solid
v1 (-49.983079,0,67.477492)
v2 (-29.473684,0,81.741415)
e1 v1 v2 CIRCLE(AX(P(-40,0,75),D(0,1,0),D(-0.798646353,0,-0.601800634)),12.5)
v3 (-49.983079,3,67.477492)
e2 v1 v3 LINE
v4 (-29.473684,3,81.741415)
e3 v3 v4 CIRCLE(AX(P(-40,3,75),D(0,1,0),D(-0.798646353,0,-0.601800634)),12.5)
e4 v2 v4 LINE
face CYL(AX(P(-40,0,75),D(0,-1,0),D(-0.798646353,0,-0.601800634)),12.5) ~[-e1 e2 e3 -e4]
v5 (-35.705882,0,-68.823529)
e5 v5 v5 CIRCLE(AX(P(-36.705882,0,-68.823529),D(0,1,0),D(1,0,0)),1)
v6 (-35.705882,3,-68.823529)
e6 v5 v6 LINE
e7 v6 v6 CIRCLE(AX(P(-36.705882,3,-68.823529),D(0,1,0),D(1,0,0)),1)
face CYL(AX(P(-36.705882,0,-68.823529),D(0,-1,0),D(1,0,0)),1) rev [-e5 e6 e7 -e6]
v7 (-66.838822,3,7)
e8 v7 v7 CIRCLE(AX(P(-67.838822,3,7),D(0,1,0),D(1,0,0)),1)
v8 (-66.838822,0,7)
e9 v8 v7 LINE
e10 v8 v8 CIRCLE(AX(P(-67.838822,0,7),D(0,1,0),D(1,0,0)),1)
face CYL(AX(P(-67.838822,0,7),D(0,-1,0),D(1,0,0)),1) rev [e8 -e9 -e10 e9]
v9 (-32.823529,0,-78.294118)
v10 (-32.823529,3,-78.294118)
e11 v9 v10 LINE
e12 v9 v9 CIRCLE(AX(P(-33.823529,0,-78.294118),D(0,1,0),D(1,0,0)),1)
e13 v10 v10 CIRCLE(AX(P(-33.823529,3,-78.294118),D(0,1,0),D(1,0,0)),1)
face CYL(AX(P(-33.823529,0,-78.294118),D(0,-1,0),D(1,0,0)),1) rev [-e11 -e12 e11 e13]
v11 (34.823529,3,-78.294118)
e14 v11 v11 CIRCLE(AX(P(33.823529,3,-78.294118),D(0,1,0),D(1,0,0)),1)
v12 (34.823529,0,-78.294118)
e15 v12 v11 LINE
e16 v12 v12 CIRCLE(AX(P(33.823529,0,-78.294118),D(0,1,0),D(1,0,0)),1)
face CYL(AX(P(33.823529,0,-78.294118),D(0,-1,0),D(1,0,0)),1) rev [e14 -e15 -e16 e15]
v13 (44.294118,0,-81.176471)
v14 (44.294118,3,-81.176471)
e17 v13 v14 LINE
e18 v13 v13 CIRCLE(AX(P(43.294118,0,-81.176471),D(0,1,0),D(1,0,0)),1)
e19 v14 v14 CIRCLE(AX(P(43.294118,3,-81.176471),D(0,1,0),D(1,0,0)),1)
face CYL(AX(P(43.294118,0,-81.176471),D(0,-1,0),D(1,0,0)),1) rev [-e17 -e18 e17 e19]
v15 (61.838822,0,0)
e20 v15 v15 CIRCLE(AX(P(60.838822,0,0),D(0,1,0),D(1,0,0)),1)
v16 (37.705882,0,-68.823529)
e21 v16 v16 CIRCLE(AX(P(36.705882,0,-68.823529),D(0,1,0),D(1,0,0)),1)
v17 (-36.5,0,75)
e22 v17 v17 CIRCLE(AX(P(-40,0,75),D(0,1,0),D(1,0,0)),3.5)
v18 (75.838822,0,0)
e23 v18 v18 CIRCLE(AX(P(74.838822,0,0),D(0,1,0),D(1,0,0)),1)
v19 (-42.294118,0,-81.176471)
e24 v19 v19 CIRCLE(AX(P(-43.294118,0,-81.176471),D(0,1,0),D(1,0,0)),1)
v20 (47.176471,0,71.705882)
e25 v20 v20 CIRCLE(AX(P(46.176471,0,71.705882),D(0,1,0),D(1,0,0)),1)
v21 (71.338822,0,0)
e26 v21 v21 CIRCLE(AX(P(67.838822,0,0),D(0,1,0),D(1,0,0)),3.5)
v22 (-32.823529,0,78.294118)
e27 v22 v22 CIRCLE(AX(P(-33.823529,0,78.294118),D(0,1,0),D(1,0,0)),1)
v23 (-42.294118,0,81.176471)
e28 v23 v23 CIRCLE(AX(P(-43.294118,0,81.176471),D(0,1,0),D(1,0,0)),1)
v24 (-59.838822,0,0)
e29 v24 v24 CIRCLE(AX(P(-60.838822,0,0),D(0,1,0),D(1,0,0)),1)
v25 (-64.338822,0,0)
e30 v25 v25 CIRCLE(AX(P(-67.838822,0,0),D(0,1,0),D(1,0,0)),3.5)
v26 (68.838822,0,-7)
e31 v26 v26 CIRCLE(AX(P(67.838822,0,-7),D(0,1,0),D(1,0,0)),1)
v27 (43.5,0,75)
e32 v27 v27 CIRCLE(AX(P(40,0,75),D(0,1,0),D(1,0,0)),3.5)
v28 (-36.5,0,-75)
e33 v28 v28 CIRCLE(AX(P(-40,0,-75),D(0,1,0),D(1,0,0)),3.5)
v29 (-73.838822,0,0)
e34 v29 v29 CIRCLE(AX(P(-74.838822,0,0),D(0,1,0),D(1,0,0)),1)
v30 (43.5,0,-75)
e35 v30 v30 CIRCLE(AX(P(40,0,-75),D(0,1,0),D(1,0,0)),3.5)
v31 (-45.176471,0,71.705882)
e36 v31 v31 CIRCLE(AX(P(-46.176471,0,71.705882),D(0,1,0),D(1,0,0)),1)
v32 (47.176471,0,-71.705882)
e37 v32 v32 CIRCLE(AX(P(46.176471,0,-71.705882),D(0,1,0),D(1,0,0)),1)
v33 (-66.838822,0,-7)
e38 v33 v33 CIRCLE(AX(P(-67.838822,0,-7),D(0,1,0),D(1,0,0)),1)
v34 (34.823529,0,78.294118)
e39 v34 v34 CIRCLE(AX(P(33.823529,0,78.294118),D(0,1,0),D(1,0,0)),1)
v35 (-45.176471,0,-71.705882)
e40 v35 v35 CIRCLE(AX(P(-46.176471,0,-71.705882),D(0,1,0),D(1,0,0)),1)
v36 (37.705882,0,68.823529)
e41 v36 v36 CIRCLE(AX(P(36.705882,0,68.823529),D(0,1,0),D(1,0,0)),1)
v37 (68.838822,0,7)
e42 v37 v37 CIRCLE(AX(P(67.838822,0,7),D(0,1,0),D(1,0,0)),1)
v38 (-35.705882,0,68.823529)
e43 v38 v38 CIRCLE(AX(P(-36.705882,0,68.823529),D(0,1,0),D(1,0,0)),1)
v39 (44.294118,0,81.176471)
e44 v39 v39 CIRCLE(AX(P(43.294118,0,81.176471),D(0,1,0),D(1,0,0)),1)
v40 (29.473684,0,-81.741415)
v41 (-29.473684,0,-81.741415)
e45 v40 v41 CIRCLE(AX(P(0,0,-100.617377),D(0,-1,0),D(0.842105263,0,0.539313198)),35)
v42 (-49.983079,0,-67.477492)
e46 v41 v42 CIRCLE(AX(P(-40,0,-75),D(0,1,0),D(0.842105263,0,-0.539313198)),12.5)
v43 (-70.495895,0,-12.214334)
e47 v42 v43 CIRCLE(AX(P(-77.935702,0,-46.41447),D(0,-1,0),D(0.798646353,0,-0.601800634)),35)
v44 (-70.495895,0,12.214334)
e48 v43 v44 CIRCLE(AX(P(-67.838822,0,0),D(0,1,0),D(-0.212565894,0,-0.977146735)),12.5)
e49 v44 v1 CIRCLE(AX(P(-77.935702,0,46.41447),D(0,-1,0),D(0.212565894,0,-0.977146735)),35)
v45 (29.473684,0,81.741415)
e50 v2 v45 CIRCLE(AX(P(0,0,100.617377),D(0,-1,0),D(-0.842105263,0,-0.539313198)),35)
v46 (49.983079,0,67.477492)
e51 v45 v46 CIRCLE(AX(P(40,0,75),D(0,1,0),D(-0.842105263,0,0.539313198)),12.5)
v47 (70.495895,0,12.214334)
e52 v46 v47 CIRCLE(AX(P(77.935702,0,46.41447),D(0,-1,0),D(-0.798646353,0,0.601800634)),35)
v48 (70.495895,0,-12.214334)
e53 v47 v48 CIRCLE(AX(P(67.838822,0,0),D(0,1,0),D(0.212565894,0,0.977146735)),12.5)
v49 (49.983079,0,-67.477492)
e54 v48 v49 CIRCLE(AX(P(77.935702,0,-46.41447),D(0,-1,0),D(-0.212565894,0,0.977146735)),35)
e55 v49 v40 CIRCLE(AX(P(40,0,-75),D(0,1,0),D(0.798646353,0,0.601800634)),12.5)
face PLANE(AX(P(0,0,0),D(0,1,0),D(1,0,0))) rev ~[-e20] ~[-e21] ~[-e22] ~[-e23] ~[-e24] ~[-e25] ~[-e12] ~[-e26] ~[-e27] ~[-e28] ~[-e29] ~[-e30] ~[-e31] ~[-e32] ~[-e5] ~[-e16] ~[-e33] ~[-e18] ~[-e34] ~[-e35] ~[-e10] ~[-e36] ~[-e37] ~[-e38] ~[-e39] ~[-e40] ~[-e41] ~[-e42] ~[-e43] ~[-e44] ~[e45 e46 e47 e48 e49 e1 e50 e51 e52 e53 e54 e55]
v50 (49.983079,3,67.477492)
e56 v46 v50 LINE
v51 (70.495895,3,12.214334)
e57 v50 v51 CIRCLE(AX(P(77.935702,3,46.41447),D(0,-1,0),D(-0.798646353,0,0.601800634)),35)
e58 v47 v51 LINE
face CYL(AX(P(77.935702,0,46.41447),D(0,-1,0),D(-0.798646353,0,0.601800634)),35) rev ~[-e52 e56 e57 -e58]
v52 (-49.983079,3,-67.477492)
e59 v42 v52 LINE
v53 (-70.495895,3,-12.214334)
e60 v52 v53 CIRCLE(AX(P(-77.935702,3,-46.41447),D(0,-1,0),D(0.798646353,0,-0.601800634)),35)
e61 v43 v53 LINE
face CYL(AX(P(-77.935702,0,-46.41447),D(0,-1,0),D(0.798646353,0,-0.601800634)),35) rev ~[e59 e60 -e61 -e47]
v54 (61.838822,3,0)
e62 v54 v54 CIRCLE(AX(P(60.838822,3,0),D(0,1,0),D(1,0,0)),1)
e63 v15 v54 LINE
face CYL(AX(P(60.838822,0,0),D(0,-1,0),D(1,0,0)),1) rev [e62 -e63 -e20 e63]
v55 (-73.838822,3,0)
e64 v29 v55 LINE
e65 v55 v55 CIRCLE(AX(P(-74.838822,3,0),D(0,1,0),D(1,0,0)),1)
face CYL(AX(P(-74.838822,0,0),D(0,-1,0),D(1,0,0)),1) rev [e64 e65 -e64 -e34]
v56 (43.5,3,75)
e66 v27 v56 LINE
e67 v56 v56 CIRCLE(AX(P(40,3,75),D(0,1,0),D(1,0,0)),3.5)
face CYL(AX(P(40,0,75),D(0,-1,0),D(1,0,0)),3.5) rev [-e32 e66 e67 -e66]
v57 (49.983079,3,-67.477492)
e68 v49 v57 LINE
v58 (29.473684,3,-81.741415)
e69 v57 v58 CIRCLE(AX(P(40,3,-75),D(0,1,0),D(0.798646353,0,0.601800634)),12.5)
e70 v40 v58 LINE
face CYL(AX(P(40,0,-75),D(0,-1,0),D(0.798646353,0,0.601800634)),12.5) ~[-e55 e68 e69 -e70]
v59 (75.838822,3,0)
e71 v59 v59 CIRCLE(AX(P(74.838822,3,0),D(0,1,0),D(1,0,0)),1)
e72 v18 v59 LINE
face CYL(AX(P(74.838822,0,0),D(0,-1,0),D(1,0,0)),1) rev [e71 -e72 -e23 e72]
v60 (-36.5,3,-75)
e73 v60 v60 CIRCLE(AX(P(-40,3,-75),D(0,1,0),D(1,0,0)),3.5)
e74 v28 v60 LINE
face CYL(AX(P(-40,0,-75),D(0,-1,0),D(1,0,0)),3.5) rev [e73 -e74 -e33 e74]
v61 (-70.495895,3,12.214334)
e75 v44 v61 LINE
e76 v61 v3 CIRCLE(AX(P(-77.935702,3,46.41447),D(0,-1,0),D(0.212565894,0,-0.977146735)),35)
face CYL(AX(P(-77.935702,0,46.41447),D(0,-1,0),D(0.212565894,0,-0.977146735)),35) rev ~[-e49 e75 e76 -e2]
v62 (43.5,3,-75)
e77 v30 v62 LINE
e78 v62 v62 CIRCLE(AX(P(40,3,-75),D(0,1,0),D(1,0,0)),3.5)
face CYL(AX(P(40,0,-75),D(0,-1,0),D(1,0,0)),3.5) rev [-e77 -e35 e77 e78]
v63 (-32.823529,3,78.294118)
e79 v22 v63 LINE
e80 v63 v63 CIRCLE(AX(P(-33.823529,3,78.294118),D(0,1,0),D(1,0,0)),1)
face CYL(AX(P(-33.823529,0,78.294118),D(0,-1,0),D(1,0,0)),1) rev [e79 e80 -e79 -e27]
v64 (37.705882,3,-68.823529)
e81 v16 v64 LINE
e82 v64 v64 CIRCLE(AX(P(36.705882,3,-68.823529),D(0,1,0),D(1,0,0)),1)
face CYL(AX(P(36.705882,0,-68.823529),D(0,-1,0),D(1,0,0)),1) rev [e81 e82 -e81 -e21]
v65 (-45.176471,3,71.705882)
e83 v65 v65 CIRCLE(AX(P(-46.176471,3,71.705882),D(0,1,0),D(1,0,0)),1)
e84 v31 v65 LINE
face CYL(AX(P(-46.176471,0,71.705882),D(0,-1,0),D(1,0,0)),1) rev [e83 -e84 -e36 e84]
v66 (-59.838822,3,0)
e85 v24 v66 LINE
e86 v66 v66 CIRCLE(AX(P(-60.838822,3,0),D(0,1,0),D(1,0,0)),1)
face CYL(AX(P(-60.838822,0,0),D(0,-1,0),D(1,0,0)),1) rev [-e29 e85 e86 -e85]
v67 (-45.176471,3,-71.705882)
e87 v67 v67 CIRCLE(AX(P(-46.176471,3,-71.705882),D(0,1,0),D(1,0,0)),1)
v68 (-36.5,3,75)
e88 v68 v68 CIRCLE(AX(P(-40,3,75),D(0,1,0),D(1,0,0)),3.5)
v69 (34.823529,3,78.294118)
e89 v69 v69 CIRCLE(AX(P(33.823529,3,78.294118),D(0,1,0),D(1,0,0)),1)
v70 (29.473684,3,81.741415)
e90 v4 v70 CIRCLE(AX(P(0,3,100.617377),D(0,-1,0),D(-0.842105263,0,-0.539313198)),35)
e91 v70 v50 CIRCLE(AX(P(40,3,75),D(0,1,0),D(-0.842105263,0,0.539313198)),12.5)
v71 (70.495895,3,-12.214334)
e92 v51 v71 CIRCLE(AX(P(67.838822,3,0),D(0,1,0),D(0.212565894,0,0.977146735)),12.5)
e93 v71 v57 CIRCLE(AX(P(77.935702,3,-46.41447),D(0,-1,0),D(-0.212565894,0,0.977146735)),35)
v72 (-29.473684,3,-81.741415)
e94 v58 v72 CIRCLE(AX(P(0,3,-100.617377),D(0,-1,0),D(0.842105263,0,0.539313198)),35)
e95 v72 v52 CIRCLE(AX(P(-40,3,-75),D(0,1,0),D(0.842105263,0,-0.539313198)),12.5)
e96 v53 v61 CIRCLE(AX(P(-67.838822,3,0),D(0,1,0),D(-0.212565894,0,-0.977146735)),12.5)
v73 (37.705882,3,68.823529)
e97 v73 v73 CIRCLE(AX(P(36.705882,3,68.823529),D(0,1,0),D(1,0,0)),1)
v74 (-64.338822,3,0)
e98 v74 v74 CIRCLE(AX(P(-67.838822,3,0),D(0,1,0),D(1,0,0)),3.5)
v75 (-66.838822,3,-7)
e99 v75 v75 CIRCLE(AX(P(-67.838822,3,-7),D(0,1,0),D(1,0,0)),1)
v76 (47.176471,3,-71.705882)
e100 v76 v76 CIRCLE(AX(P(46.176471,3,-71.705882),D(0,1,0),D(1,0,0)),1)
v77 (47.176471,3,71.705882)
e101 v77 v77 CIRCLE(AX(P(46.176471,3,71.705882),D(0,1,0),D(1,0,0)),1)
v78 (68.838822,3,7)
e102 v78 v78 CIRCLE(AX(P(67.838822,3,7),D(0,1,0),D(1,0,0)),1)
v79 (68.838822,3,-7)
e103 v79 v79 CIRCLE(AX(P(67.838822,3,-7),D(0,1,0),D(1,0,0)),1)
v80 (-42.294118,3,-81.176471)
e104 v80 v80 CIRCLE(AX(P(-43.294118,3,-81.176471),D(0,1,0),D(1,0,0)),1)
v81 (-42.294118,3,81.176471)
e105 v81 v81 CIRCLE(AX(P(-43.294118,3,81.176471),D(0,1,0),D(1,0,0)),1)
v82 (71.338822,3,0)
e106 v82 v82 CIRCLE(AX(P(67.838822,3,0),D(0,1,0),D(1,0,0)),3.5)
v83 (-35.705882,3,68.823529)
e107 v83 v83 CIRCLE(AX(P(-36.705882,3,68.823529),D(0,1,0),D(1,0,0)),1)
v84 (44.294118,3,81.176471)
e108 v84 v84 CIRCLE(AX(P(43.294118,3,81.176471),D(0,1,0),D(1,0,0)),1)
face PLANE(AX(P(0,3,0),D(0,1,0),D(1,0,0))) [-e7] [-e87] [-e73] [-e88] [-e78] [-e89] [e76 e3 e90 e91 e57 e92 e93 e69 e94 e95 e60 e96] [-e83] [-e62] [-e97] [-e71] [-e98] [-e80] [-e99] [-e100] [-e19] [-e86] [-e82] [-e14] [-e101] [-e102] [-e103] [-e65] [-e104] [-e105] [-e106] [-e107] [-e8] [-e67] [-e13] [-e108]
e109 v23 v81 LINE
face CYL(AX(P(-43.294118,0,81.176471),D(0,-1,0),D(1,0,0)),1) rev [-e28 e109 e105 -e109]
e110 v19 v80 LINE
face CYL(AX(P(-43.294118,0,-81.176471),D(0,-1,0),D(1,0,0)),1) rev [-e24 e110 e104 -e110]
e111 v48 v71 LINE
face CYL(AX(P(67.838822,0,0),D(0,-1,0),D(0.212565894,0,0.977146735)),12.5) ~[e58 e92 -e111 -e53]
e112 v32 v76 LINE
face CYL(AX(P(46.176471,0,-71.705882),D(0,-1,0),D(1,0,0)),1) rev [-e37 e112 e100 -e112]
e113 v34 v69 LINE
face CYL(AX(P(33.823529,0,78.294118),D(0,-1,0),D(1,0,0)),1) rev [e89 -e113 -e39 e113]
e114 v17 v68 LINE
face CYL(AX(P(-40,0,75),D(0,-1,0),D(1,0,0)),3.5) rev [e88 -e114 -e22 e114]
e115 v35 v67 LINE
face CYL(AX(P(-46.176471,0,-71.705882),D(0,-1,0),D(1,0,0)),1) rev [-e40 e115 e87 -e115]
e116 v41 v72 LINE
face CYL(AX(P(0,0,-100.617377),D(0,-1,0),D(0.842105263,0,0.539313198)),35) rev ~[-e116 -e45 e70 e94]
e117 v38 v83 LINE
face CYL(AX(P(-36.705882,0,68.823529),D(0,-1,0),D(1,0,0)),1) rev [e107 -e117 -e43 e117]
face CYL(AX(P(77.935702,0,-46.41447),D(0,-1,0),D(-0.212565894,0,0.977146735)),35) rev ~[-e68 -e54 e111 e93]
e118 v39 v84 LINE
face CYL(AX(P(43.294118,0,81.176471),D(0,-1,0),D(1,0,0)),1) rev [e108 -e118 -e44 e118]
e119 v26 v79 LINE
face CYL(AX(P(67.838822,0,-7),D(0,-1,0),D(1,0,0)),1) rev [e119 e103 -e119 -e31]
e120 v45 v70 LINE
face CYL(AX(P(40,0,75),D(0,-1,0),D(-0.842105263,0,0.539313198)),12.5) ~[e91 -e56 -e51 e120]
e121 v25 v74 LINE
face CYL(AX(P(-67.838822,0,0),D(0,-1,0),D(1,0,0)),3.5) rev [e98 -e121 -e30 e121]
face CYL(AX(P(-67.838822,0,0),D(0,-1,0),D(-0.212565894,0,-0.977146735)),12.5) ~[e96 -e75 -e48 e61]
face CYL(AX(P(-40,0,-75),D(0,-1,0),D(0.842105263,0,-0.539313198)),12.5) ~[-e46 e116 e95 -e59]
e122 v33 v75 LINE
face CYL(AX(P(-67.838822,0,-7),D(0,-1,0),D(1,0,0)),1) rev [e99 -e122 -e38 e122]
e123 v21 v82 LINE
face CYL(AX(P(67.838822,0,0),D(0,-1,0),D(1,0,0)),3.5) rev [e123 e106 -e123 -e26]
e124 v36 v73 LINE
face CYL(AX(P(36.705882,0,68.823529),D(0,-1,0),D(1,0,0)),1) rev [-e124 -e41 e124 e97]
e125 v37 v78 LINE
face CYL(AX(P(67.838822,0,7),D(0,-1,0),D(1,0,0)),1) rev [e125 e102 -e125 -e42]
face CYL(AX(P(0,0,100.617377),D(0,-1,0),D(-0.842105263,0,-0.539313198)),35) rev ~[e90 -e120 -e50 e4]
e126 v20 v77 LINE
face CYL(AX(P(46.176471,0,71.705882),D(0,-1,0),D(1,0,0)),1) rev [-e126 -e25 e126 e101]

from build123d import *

# Parameters (mm, degrees)
SKETCH2_R           = 3.5
SKETCH2_R_2         = 1
BOSS_EXTRUDE1_DEPTH = 3


with BuildPart() as part:
    # Sketch2 → Boss-Extrude1 (new body)
    with BuildSketch(Plane(origin=(0, 0, 0), x_dir=(1, 0, 0), z_dir=(0, 1, 0))):
        with BuildLine():
            ThreePointArc((-29.473684211, 81.741414978), (-47.137131817, 85.262131817), (-49.983079412, 67.477492077))
            ThreePointArc((-49.983079412, 67.477492077), (-45.123201765, 34.234985347), (-70.495895485, 12.214334182))
            ThreePointArc((-70.495895485, 12.214334182), (-80.338821814, 0), (-70.495895485, -12.214334182))
            ThreePointArc((-70.495895485, -12.214334182), (-45.123201765, -34.234985347), (-49.983079412, -67.477492077))
            ThreePointArc((-49.983079412, -67.477492077), (-47.137131817, -85.262131817), (-29.473684211, -81.741414978))
            ThreePointArc((-29.473684211, -81.741414978), (0, -65.617376915), (29.473684211, -81.741414978))
            ThreePointArc((29.473684211, -81.741414978), (47.137131817, -85.262131817), (49.983079412, -67.477492077))
            ThreePointArc((49.983079412, -67.477492077), (45.123201765, -34.234985347), (70.495895485, -12.214334182))
            ThreePointArc((70.495895485, -12.214334182), (80.338821814, 0), (70.495895485, 12.214334182))
            ThreePointArc((70.495895485, 12.214334182), (45.123201765, 34.234985347), (49.983079412, 67.477492077))
            ThreePointArc((49.983079412, 67.477492077), (47.137131817, 85.262131817), (29.473684211, 81.741414978))
            ThreePointArc((29.473684211, 81.741414978), (0, 65.617376915), (-29.473684211, 81.741414978))
        make_face()
        with Locations((-40, 75)):
            Circle(SKETCH2_R, mode=Mode.SUBTRACT)
        with Locations((-67.838821814, 0)):
            Circle(SKETCH2_R, mode=Mode.SUBTRACT)
        with Locations((-40, -75)):
            Circle(SKETCH2_R, mode=Mode.SUBTRACT)
        with Locations((40, -75)):
            Circle(SKETCH2_R, mode=Mode.SUBTRACT)
        with Locations((67.838821814, 0)):
            Circle(SKETCH2_R, mode=Mode.SUBTRACT)
        with Locations((40, 75)):
            Circle(SKETCH2_R, mode=Mode.SUBTRACT)
        with Locations((-36.705882353, 68.823529412)):
            Circle(SKETCH2_R_2, mode=Mode.SUBTRACT)
        with Locations((-33.823529412, 78.294117647)):
            Circle(SKETCH2_R_2, mode=Mode.SUBTRACT)
        with Locations((-43.294117647, 81.176470588)):
            Circle(SKETCH2_R_2, mode=Mode.SUBTRACT)
        with Locations((-46.176470588, 71.705882353)):
            Circle(SKETCH2_R_2, mode=Mode.SUBTRACT)
        with Locations((-36.705882353, -68.823529412)):
            Circle(SKETCH2_R_2, mode=Mode.SUBTRACT)
        with Locations((-33.823529412, -78.294117647)):
            Circle(SKETCH2_R_2, mode=Mode.SUBTRACT)
        with Locations((-43.294117647, -81.176470588)):
            Circle(SKETCH2_R_2, mode=Mode.SUBTRACT)
        with Locations((-46.176470588, -71.705882353)):
            Circle(SKETCH2_R_2, mode=Mode.SUBTRACT)
        with Locations((-60.838821814, 0)):
            Circle(SKETCH2_R_2, mode=Mode.SUBTRACT)
        with Locations((-67.838821814, 7)):
            Circle(SKETCH2_R_2, mode=Mode.SUBTRACT)
        with Locations((-67.838821814, -7)):
            Circle(SKETCH2_R_2, mode=Mode.SUBTRACT)
        with Locations((-74.838821814, 0)):
            Circle(SKETCH2_R_2, mode=Mode.SUBTRACT)
        with Locations((43.294117647, -81.176470588)):
            Circle(SKETCH2_R_2, mode=Mode.SUBTRACT)
        with Locations((33.823529412, -78.294117647)):
            Circle(SKETCH2_R_2, mode=Mode.SUBTRACT)
        with Locations((46.176470588, -71.705882353)):
            Circle(SKETCH2_R_2, mode=Mode.SUBTRACT)
        with Locations((36.705882353, -68.823529412)):
            Circle(SKETCH2_R_2, mode=Mode.SUBTRACT)
        with Locations((67.838821814, -7)):
            Circle(SKETCH2_R_2, mode=Mode.SUBTRACT)
        with Locations((60.838821814, 0)):
            Circle(SKETCH2_R_2, mode=Mode.SUBTRACT)
        with Locations((74.838821814, 0)):
            Circle(SKETCH2_R_2, mode=Mode.SUBTRACT)
        with Locations((67.838821814, 7)):
            Circle(SKETCH2_R_2, mode=Mode.SUBTRACT)
        with Locations((36.705882353, 68.823529412)):
            Circle(SKETCH2_R_2, mode=Mode.SUBTRACT)
        with Locations((46.176470588, 71.705882353)):
            Circle(SKETCH2_R_2, mode=Mode.SUBTRACT)
        with Locations((33.823529412, 78.294117647)):
            Circle(SKETCH2_R_2, mode=Mode.SUBTRACT)
        with Locations((43.294117647, 81.176470588)):
            Circle(SKETCH2_R_2, mode=Mode.SUBTRACT)
    extrude(amount=BOSS_EXTRUDE1_DEPTH)


solid = part.part
